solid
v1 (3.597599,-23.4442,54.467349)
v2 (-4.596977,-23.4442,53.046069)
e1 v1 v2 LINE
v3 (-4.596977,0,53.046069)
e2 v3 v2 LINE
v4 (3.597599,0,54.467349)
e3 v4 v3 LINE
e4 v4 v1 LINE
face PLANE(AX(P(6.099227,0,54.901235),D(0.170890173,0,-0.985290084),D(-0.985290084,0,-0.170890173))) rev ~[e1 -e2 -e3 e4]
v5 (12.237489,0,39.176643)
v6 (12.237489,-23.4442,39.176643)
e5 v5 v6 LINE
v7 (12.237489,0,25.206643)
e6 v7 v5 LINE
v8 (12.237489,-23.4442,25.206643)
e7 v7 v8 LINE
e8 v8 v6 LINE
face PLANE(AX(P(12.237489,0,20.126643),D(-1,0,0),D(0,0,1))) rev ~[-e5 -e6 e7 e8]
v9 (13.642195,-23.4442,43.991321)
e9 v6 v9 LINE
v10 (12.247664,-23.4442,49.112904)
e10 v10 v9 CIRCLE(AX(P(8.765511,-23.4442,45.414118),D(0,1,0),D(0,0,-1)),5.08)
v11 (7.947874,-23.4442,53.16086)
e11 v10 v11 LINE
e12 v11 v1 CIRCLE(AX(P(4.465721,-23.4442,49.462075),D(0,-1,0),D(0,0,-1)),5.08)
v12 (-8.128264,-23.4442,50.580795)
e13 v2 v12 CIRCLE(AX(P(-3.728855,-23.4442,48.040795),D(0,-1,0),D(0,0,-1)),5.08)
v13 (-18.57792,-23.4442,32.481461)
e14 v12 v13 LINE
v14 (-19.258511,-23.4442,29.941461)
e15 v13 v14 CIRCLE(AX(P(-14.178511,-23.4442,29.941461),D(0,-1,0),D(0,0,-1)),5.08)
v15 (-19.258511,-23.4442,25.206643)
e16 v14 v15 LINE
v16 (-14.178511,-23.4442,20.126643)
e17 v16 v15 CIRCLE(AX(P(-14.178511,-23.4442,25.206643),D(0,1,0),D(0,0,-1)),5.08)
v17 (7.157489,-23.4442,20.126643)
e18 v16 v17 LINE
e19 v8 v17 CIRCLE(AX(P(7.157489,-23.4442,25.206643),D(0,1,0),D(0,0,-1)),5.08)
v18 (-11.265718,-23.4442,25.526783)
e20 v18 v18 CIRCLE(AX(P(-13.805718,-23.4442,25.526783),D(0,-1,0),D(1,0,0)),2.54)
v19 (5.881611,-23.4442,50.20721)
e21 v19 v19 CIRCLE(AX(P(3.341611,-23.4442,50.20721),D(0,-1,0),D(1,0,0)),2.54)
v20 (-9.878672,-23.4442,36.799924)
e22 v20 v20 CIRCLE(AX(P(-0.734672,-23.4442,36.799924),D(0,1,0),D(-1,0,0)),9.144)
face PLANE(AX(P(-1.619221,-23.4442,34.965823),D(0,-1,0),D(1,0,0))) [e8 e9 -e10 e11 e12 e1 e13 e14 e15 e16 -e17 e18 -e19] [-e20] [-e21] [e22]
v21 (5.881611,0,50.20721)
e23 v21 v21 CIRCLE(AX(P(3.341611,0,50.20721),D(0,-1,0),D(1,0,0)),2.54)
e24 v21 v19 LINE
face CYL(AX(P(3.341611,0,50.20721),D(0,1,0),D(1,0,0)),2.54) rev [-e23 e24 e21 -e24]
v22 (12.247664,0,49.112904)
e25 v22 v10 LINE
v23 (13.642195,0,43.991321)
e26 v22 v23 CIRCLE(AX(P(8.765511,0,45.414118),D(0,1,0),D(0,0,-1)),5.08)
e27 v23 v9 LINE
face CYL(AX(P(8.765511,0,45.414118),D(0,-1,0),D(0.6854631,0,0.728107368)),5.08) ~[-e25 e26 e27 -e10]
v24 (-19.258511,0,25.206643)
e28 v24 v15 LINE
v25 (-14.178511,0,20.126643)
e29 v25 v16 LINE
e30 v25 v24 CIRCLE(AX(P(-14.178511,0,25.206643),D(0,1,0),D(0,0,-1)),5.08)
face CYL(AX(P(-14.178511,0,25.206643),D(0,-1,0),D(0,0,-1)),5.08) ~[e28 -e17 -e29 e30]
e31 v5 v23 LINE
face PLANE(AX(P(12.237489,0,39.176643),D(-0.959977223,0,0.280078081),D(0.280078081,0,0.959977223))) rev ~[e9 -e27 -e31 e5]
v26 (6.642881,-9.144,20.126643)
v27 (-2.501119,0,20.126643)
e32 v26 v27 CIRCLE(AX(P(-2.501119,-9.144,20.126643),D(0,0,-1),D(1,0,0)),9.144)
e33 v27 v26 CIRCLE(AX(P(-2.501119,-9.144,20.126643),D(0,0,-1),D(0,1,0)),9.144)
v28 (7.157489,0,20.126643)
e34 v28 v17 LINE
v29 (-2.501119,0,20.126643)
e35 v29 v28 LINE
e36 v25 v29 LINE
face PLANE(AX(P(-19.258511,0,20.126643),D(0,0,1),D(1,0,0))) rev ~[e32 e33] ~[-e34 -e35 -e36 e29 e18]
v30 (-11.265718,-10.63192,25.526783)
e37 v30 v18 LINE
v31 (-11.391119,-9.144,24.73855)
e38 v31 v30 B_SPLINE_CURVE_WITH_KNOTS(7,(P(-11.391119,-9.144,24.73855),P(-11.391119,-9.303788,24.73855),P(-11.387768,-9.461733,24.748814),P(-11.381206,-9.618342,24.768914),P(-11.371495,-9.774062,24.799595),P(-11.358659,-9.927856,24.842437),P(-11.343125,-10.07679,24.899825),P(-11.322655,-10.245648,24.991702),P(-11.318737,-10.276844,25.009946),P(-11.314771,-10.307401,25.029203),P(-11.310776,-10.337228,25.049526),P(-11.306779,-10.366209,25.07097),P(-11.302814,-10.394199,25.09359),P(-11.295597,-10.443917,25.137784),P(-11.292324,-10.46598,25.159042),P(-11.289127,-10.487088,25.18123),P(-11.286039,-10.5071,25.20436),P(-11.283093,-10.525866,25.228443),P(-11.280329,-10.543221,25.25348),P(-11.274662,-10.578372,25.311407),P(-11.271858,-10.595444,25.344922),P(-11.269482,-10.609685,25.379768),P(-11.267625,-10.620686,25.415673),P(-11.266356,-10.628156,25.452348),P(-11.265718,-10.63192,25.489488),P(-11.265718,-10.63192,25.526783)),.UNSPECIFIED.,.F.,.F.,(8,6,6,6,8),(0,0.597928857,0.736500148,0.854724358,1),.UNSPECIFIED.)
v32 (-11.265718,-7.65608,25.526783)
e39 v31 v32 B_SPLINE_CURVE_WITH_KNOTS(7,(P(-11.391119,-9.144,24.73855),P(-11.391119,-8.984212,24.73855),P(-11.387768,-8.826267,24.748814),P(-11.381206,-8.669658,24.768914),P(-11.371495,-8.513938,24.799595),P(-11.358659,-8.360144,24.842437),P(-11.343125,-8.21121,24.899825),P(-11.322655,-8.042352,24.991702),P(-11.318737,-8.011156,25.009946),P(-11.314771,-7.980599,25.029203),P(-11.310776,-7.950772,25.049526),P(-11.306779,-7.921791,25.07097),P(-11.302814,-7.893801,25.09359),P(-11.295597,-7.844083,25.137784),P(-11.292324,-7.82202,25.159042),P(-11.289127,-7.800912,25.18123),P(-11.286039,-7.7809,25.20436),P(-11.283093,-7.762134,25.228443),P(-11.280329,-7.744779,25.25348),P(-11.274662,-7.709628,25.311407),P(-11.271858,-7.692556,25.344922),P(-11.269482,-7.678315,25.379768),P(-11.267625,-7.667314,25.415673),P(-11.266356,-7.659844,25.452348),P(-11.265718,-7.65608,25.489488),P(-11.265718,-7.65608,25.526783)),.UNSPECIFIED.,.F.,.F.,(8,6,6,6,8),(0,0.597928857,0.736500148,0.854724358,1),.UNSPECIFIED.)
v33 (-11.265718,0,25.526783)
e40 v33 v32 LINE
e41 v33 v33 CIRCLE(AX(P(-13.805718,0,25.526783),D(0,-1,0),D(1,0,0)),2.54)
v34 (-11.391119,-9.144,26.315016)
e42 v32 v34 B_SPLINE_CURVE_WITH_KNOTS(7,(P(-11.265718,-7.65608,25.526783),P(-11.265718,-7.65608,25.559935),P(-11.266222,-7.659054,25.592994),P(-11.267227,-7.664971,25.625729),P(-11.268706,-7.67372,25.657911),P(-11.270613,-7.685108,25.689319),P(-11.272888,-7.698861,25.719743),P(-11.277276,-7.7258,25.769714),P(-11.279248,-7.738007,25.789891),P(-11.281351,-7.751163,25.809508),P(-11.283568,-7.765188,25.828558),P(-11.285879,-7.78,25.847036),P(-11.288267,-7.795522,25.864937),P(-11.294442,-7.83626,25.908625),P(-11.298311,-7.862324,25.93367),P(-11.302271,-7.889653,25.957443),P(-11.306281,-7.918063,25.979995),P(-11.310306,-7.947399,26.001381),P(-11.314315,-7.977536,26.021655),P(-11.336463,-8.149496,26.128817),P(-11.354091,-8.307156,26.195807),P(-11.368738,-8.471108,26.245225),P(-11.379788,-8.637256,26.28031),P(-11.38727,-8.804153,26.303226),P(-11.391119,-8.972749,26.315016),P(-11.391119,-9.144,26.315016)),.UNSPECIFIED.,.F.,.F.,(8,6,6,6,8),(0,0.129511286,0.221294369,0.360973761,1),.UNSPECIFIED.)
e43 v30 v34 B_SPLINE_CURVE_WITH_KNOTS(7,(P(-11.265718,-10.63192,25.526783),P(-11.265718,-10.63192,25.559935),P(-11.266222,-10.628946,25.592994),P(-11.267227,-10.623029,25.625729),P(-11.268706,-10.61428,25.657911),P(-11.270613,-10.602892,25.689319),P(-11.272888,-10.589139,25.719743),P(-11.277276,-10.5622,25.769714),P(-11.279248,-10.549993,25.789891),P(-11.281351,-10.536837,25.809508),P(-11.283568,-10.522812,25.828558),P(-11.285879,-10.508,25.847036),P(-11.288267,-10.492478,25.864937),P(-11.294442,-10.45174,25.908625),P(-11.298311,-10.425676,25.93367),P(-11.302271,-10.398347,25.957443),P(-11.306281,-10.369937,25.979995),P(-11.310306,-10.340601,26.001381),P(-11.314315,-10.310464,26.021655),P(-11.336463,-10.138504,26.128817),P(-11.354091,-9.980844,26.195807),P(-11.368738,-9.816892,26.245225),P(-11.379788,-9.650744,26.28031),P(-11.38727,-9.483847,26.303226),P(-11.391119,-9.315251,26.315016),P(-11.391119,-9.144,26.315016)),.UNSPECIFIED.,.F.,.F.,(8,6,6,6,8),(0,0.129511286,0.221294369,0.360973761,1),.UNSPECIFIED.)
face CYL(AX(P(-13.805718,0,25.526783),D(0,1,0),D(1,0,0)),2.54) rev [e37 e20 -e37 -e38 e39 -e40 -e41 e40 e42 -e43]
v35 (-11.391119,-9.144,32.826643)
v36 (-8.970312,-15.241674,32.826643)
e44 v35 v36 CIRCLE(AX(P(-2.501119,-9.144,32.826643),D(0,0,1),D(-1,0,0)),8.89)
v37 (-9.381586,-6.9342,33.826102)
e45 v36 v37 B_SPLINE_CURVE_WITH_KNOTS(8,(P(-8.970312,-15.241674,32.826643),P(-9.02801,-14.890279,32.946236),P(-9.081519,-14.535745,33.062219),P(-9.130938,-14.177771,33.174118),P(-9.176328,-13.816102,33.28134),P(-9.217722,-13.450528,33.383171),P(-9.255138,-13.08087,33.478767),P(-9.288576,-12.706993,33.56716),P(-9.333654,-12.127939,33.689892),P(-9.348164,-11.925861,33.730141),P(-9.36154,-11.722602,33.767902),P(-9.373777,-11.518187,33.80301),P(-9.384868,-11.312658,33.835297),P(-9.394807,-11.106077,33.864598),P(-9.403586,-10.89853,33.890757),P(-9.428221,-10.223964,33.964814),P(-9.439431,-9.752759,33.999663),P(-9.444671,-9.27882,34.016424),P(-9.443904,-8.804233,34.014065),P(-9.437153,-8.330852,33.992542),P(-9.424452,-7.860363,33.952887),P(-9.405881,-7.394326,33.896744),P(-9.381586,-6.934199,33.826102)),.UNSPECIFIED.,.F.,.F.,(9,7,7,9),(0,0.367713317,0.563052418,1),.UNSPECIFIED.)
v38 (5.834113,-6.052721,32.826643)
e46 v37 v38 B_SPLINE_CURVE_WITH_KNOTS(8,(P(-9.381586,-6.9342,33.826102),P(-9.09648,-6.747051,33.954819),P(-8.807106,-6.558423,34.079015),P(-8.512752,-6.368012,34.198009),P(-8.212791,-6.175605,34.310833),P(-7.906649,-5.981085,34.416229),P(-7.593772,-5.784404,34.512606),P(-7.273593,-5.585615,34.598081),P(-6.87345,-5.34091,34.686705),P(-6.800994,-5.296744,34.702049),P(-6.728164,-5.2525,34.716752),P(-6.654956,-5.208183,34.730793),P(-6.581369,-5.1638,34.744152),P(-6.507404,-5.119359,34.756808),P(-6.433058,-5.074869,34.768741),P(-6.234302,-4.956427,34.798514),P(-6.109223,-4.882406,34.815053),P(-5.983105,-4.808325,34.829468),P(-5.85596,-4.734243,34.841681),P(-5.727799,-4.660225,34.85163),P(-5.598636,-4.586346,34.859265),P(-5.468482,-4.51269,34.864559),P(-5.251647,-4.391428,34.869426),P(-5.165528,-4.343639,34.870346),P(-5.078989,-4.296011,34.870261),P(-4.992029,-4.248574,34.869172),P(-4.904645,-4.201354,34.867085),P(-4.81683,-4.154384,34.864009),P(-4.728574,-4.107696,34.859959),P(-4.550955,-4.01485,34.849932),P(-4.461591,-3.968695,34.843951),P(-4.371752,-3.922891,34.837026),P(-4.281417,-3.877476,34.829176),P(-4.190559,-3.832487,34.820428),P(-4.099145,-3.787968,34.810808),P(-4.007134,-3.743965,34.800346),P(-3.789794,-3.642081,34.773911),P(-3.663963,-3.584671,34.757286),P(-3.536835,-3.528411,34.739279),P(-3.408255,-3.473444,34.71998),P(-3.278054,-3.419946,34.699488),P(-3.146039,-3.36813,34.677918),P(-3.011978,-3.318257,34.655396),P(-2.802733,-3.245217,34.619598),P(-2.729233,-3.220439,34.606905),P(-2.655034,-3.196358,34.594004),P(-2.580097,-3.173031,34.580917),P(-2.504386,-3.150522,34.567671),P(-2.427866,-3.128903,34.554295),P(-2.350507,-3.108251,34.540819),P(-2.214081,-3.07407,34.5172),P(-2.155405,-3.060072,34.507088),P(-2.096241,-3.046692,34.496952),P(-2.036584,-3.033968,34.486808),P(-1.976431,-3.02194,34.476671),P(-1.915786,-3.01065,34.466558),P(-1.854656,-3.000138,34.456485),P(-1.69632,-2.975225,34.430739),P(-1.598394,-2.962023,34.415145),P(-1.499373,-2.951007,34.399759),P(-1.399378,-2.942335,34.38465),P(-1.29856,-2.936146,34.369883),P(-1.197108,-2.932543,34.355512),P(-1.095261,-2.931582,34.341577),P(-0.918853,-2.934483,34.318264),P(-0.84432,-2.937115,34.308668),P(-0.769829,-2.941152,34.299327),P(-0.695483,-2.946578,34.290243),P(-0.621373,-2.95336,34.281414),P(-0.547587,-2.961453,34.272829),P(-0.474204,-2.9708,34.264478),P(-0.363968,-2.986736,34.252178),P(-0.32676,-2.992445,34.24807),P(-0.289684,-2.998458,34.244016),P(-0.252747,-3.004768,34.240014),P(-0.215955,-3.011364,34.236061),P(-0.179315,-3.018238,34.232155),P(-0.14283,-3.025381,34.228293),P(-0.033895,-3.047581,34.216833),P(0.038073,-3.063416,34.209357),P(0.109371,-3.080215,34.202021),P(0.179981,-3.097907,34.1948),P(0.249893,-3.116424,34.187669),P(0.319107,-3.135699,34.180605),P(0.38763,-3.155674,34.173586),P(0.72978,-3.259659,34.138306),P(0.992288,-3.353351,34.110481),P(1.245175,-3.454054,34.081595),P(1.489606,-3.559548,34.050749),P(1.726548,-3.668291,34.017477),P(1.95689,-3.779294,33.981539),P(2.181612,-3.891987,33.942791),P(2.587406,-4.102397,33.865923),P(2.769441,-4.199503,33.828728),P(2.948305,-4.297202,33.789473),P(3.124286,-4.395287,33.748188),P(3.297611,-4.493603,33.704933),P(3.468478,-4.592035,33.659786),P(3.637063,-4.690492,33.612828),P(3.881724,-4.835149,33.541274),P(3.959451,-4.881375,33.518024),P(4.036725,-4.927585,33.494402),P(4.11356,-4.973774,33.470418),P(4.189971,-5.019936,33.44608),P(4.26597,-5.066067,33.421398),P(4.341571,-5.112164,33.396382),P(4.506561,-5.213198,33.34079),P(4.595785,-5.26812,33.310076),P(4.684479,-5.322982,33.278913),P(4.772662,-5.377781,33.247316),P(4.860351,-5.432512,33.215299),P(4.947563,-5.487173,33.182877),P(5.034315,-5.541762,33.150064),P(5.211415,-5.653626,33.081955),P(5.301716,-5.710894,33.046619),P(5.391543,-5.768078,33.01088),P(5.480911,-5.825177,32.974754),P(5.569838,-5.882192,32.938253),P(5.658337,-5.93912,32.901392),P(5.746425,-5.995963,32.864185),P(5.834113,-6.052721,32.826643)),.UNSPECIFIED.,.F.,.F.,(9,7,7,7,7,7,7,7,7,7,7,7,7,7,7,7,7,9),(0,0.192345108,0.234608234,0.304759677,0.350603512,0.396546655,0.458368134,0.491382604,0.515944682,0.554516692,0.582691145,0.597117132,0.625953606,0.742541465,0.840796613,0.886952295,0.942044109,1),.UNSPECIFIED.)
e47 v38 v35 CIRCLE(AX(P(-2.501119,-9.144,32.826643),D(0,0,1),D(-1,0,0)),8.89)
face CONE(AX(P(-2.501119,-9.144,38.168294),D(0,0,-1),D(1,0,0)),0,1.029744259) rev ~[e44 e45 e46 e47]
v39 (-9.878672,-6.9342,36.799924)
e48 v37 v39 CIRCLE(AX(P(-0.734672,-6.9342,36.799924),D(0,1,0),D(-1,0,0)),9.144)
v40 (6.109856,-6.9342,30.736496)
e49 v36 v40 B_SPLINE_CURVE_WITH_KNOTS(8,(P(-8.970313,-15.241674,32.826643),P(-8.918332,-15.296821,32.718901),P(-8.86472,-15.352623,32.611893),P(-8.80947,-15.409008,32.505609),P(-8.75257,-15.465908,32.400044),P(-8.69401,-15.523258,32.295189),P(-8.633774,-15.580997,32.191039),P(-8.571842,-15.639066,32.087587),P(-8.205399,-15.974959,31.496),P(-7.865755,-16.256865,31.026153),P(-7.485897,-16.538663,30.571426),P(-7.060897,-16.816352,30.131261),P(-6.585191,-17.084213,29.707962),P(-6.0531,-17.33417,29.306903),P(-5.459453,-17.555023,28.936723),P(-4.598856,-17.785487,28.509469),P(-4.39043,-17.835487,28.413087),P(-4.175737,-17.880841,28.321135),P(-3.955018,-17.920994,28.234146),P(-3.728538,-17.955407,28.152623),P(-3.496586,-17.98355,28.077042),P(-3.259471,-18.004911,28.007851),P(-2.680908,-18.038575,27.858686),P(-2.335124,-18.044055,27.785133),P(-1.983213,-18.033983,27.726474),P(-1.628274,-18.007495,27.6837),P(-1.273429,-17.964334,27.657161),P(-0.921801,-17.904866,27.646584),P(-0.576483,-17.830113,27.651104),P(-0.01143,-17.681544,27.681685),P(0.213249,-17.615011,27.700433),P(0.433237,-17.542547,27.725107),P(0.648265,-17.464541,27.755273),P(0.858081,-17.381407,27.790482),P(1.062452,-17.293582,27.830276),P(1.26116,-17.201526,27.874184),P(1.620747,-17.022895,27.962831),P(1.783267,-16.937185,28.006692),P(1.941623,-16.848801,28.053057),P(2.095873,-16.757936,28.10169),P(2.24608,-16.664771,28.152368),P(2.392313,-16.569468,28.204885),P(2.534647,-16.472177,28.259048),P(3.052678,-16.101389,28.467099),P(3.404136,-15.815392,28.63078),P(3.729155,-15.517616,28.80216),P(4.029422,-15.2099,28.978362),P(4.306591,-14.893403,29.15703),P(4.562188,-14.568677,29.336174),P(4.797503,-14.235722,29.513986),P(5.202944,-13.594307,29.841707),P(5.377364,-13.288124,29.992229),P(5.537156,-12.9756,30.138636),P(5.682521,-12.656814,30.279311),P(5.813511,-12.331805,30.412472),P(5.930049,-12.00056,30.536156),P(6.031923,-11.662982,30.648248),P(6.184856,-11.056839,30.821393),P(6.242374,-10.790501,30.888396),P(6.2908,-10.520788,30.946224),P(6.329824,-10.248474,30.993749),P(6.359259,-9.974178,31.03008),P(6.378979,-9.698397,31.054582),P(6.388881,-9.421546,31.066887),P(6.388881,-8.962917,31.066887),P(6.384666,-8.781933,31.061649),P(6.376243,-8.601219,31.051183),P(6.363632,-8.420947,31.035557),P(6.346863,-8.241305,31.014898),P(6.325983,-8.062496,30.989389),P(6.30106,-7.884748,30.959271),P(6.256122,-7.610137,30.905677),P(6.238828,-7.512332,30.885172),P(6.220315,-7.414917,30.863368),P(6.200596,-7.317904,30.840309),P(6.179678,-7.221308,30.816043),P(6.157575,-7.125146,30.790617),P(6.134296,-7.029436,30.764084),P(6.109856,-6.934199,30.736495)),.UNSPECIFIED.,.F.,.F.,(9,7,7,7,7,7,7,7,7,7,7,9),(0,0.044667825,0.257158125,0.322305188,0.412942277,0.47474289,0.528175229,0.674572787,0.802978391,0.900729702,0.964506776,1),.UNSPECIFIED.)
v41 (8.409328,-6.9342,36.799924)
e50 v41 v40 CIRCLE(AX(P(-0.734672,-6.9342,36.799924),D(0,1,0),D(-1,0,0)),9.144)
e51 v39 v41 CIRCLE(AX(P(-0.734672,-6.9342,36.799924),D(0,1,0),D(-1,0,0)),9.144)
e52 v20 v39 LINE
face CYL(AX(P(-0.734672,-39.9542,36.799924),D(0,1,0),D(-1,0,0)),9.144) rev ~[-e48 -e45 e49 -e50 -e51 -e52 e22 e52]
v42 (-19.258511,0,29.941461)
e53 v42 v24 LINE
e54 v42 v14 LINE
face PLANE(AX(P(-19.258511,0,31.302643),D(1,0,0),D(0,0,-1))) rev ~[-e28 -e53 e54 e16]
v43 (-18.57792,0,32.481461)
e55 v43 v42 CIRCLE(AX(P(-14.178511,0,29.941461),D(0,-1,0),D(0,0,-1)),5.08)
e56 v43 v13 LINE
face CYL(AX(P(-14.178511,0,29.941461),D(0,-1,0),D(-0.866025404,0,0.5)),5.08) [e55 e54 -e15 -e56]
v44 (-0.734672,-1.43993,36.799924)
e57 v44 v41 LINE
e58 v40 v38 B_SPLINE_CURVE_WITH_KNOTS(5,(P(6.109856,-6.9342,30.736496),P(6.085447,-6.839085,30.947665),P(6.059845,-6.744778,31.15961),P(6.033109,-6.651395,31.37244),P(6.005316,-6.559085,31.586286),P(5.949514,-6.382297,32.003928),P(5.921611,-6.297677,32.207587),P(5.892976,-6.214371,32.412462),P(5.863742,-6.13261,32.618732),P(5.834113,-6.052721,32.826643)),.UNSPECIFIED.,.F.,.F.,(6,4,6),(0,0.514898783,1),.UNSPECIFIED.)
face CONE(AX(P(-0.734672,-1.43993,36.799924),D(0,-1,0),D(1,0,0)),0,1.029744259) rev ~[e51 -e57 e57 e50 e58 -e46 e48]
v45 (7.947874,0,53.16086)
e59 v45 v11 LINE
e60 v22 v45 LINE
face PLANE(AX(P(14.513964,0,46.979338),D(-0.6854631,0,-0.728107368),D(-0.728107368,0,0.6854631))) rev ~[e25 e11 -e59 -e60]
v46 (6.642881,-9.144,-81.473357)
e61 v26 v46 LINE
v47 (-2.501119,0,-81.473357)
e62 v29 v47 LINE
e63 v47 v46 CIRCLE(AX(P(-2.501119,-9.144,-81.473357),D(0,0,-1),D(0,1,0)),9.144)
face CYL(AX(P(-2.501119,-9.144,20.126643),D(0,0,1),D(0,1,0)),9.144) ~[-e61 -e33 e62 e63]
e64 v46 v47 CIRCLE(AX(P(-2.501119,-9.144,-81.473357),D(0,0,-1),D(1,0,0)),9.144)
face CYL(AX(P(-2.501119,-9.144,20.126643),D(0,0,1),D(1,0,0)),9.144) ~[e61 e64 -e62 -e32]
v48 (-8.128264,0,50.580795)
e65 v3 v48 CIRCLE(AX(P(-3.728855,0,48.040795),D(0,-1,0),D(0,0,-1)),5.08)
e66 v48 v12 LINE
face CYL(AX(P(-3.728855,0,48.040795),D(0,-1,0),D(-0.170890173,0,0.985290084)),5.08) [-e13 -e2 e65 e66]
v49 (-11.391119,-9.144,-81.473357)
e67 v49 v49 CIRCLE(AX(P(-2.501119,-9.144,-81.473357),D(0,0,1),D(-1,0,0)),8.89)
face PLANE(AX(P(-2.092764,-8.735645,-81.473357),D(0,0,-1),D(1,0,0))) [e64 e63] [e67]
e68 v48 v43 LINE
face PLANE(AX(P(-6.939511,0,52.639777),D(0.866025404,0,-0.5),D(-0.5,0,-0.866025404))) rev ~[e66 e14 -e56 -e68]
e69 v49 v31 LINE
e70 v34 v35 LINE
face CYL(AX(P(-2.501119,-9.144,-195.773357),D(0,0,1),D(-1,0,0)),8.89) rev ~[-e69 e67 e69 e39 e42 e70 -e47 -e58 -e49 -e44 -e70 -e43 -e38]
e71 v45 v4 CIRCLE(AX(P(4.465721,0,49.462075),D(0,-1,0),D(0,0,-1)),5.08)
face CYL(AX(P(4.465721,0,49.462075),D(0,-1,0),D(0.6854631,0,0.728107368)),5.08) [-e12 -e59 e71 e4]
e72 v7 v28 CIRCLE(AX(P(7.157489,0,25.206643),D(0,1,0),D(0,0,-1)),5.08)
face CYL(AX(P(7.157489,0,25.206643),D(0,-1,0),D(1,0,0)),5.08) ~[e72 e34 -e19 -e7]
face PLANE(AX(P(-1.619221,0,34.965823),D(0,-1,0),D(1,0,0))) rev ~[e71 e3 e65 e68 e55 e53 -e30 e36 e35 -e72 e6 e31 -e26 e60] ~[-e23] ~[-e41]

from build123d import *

# Parameters (mm, degrees)
F0_R     = 2.54
F1_DEPTH = 23.4442
F3_D     = 18.288
F3_DEPTH = 16.51
F3_TIP   = 5.4942695004
F5_DEPTH = 101.6
F7_D     = 17.78
F7_DEPTH = 114.3
F7_TIP   = 5.3416509032
F8_R     = 5.08


with BuildPart() as f1:
    # F0 (on Front) → F1 (new body)
    with BuildSketch(Plane.XZ):
        Polygon((14.5139638376, 46.979337565), (6.0992269906, 54.9012346102), (-6.9395108012, 52.6397765944), (-19.2585108012, 31.302642696), (-19.2585108012, 20.126642696), (0.6639761268, 20.126642696), (12.2374891988, 20.126642696), (12.2374891988, 39.176642696), align=None)
        with Locations((-13.805717687, 25.5267831615)):
            Circle(F0_R, mode=Mode.SUBTRACT)
        with Locations((3.3416109761, 50.2072100538)):
            Circle(F0_R, mode=Mode.SUBTRACT)
    extrude(amount=F1_DEPTH)

    # F3
    with Locations(Plane.XZ.offset(23.4442)):
        with Locations((-0.7346722452, 36.7999244481)):
            Hole(F3_D / 2, depth=F3_DEPTH)
            with Locations((0, 0, -(F3_DEPTH + F3_TIP / 2))):  # 118° drill point
                Cone(0, F3_D / 2, F3_TIP, mode=Mode.SUBTRACT)

    # F4 (on face) → F5 (join)
    with BuildSketch(Plane(origin=(0, 0, 20.126642696), x_dir=(1, 0, 0), z_dir=(0, 0, -1))):
        with BuildLine():
            ThreePointArc((-2.5011187059, 0), (3.9646657012, 2.6782155928), (6.6428812941, 9.144))
            ThreePointArc((6.6428812941, 9.144), (-8.9669031131, 15.6097844072), (-2.5011187059, 0))
        make_face()
    extrude(amount=F5_DEPTH)

    # F7
    with Locations(Plane(origin=(0, 0, -81.473357304), x_dir=(1, 0, 0), z_dir=(0, 0, -1))):
        with Locations((-2.5011187059, 9.144)):
            Hole(F7_D / 2, depth=F7_DEPTH)
            with Locations((0, 0, -(F7_DEPTH + F7_TIP / 2))):  # 118° drill point
                Cone(0, F7_D / 2, F7_TIP, mode=Mode.SUBTRACT)

    # F8
    f8_edges = [f1.edges().sort_by_distance(p)[0] for p in [
        (6.099227, -11.7221, 54.901235),
        (14.513964, -11.7221, 46.979338),
        (12.237489, -11.7221, 20.126643),
        (-19.258511, -11.7221, 20.126643),
        (-6.939511, -11.7221, 52.639777),
        (-19.258511, -11.7221, 31.302643),
    ]]
    fillet(f8_edges, radius=F8_R)


solid = f1.part
